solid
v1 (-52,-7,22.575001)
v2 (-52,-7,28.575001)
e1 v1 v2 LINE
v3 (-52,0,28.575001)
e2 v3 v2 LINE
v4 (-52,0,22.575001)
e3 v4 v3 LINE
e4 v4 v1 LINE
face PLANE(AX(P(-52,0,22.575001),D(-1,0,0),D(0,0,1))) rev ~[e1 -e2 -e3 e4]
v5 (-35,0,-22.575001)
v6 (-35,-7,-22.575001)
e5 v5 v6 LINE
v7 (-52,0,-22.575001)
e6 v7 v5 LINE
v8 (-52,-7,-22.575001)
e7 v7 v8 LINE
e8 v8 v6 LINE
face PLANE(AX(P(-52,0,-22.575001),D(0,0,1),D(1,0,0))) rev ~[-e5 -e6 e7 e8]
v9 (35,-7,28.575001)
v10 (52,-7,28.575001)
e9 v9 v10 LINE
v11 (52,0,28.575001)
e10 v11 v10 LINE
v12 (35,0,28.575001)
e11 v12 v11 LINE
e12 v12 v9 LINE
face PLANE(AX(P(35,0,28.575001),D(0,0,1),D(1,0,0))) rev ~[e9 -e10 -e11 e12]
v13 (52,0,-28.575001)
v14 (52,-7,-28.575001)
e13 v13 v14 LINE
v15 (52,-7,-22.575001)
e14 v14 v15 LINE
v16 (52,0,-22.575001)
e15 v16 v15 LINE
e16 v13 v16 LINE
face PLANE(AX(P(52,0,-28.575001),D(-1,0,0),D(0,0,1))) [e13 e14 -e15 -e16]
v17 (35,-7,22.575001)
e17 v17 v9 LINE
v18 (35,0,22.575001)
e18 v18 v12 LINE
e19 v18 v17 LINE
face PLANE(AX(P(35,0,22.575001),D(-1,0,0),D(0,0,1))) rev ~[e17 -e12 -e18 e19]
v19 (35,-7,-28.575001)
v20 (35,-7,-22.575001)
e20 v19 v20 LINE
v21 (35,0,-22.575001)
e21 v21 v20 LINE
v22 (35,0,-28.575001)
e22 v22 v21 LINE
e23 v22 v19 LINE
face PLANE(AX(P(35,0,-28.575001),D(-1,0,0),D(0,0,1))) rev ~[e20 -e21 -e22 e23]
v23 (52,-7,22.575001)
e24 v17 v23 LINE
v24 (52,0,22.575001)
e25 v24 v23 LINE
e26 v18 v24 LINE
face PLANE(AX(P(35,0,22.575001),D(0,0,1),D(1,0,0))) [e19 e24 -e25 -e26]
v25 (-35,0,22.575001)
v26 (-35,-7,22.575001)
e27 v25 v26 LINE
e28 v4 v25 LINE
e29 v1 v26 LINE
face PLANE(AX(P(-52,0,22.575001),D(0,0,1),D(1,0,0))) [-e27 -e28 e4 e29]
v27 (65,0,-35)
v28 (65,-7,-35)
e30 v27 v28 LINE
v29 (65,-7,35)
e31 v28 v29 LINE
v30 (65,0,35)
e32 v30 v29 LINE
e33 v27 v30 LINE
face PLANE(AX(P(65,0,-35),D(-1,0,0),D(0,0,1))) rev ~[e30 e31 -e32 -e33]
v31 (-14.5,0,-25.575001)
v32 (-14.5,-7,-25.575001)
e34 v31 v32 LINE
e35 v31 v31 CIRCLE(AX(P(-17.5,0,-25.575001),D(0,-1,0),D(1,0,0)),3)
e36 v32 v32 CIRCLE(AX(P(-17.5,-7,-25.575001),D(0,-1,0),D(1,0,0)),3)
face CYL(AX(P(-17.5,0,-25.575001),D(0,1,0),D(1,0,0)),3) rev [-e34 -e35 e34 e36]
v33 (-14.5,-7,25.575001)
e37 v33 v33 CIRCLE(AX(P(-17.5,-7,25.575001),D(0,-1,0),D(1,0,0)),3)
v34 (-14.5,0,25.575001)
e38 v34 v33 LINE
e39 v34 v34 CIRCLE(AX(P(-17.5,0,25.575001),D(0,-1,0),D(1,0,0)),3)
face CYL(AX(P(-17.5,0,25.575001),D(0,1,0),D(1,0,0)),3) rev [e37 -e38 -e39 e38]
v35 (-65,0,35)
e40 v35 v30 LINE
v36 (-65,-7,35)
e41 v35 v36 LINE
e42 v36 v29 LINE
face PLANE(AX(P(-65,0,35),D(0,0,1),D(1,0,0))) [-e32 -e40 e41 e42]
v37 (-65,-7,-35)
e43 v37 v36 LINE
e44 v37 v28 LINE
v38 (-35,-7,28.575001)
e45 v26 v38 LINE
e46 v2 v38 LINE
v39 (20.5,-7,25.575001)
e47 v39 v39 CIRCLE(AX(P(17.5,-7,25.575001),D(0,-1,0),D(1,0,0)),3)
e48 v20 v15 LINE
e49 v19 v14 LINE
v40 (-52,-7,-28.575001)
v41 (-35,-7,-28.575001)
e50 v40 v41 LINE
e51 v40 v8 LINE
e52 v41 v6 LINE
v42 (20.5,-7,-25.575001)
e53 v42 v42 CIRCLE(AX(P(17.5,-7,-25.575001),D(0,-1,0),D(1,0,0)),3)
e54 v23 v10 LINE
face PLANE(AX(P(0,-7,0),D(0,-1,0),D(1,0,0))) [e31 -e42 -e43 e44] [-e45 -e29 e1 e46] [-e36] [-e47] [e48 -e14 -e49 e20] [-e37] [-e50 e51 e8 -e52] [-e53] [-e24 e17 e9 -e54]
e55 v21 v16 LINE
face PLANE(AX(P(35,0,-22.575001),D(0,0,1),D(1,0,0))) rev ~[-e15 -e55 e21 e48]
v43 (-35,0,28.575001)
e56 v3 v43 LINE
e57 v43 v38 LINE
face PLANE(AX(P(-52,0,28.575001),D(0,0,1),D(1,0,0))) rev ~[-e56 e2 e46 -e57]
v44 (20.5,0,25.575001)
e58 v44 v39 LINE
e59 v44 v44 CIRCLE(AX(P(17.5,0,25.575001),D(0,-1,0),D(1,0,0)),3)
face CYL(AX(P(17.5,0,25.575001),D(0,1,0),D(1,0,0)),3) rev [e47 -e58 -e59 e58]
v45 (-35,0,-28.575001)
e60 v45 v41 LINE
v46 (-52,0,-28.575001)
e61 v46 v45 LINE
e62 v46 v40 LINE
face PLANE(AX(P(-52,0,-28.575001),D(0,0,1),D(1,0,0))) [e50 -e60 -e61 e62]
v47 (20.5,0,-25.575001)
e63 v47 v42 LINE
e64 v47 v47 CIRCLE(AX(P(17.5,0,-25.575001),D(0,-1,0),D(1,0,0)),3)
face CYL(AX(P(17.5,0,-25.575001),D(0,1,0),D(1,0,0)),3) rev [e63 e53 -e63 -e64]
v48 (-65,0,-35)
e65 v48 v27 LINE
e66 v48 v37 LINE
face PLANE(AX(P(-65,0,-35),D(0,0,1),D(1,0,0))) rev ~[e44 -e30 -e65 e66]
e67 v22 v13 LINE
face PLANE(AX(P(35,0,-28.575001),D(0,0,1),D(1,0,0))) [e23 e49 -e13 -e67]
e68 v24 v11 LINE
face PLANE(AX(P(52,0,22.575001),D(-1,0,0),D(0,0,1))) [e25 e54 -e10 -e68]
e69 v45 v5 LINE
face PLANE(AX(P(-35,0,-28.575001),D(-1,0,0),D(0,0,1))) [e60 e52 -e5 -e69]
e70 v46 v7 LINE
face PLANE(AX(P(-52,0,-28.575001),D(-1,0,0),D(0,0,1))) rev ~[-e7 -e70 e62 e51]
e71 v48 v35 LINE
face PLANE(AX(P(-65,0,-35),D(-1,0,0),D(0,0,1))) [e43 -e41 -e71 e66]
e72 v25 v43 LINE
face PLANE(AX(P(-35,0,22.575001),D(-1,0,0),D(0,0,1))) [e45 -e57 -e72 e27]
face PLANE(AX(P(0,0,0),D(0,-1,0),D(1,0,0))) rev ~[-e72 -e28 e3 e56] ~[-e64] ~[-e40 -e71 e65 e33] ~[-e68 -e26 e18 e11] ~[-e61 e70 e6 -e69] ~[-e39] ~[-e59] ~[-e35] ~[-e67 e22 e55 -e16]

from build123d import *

# Parameters (mm, degrees)
F0_W     = 130
F0_H     = 70
F0_W_2   = 17
F0_H_2   = 6
F0_R     = 3
F1_DEPTH = 7


with BuildPart() as f1:
    # F0 (on Front) → F1 (new body)
    with BuildSketch(Plane.XZ):
        Rectangle(F0_W, F0_H)
        with Locations((-43.5, -25.575001)):
            Rectangle(F0_W_2, F0_H_2, mode=Mode.SUBTRACT)
        with Locations((-17.5, -25.575001)):
            Circle(F0_R, mode=Mode.SUBTRACT)
        with Locations((17.5, -25.575001)):
            Circle(F0_R, mode=Mode.SUBTRACT)
        with Locations((43.5, -25.575001)):
            Rectangle(F0_W_2, F0_H_2, mode=Mode.SUBTRACT)
        with Locations((-43.5, 25.575001)):
            Rectangle(F0_W_2, F0_H_2, mode=Mode.SUBTRACT)
        with Locations((-17.5, 25.575001)):
            Circle(F0_R, mode=Mode.SUBTRACT)
        with Locations((17.5, 25.575001)):
            Circle(F0_R, mode=Mode.SUBTRACT)
        with Locations((43.5, 25.575001)):
            Rectangle(F0_W_2, F0_H_2, mode=Mode.SUBTRACT)
    extrude(amount=F1_DEPTH)


solid = f1.part
